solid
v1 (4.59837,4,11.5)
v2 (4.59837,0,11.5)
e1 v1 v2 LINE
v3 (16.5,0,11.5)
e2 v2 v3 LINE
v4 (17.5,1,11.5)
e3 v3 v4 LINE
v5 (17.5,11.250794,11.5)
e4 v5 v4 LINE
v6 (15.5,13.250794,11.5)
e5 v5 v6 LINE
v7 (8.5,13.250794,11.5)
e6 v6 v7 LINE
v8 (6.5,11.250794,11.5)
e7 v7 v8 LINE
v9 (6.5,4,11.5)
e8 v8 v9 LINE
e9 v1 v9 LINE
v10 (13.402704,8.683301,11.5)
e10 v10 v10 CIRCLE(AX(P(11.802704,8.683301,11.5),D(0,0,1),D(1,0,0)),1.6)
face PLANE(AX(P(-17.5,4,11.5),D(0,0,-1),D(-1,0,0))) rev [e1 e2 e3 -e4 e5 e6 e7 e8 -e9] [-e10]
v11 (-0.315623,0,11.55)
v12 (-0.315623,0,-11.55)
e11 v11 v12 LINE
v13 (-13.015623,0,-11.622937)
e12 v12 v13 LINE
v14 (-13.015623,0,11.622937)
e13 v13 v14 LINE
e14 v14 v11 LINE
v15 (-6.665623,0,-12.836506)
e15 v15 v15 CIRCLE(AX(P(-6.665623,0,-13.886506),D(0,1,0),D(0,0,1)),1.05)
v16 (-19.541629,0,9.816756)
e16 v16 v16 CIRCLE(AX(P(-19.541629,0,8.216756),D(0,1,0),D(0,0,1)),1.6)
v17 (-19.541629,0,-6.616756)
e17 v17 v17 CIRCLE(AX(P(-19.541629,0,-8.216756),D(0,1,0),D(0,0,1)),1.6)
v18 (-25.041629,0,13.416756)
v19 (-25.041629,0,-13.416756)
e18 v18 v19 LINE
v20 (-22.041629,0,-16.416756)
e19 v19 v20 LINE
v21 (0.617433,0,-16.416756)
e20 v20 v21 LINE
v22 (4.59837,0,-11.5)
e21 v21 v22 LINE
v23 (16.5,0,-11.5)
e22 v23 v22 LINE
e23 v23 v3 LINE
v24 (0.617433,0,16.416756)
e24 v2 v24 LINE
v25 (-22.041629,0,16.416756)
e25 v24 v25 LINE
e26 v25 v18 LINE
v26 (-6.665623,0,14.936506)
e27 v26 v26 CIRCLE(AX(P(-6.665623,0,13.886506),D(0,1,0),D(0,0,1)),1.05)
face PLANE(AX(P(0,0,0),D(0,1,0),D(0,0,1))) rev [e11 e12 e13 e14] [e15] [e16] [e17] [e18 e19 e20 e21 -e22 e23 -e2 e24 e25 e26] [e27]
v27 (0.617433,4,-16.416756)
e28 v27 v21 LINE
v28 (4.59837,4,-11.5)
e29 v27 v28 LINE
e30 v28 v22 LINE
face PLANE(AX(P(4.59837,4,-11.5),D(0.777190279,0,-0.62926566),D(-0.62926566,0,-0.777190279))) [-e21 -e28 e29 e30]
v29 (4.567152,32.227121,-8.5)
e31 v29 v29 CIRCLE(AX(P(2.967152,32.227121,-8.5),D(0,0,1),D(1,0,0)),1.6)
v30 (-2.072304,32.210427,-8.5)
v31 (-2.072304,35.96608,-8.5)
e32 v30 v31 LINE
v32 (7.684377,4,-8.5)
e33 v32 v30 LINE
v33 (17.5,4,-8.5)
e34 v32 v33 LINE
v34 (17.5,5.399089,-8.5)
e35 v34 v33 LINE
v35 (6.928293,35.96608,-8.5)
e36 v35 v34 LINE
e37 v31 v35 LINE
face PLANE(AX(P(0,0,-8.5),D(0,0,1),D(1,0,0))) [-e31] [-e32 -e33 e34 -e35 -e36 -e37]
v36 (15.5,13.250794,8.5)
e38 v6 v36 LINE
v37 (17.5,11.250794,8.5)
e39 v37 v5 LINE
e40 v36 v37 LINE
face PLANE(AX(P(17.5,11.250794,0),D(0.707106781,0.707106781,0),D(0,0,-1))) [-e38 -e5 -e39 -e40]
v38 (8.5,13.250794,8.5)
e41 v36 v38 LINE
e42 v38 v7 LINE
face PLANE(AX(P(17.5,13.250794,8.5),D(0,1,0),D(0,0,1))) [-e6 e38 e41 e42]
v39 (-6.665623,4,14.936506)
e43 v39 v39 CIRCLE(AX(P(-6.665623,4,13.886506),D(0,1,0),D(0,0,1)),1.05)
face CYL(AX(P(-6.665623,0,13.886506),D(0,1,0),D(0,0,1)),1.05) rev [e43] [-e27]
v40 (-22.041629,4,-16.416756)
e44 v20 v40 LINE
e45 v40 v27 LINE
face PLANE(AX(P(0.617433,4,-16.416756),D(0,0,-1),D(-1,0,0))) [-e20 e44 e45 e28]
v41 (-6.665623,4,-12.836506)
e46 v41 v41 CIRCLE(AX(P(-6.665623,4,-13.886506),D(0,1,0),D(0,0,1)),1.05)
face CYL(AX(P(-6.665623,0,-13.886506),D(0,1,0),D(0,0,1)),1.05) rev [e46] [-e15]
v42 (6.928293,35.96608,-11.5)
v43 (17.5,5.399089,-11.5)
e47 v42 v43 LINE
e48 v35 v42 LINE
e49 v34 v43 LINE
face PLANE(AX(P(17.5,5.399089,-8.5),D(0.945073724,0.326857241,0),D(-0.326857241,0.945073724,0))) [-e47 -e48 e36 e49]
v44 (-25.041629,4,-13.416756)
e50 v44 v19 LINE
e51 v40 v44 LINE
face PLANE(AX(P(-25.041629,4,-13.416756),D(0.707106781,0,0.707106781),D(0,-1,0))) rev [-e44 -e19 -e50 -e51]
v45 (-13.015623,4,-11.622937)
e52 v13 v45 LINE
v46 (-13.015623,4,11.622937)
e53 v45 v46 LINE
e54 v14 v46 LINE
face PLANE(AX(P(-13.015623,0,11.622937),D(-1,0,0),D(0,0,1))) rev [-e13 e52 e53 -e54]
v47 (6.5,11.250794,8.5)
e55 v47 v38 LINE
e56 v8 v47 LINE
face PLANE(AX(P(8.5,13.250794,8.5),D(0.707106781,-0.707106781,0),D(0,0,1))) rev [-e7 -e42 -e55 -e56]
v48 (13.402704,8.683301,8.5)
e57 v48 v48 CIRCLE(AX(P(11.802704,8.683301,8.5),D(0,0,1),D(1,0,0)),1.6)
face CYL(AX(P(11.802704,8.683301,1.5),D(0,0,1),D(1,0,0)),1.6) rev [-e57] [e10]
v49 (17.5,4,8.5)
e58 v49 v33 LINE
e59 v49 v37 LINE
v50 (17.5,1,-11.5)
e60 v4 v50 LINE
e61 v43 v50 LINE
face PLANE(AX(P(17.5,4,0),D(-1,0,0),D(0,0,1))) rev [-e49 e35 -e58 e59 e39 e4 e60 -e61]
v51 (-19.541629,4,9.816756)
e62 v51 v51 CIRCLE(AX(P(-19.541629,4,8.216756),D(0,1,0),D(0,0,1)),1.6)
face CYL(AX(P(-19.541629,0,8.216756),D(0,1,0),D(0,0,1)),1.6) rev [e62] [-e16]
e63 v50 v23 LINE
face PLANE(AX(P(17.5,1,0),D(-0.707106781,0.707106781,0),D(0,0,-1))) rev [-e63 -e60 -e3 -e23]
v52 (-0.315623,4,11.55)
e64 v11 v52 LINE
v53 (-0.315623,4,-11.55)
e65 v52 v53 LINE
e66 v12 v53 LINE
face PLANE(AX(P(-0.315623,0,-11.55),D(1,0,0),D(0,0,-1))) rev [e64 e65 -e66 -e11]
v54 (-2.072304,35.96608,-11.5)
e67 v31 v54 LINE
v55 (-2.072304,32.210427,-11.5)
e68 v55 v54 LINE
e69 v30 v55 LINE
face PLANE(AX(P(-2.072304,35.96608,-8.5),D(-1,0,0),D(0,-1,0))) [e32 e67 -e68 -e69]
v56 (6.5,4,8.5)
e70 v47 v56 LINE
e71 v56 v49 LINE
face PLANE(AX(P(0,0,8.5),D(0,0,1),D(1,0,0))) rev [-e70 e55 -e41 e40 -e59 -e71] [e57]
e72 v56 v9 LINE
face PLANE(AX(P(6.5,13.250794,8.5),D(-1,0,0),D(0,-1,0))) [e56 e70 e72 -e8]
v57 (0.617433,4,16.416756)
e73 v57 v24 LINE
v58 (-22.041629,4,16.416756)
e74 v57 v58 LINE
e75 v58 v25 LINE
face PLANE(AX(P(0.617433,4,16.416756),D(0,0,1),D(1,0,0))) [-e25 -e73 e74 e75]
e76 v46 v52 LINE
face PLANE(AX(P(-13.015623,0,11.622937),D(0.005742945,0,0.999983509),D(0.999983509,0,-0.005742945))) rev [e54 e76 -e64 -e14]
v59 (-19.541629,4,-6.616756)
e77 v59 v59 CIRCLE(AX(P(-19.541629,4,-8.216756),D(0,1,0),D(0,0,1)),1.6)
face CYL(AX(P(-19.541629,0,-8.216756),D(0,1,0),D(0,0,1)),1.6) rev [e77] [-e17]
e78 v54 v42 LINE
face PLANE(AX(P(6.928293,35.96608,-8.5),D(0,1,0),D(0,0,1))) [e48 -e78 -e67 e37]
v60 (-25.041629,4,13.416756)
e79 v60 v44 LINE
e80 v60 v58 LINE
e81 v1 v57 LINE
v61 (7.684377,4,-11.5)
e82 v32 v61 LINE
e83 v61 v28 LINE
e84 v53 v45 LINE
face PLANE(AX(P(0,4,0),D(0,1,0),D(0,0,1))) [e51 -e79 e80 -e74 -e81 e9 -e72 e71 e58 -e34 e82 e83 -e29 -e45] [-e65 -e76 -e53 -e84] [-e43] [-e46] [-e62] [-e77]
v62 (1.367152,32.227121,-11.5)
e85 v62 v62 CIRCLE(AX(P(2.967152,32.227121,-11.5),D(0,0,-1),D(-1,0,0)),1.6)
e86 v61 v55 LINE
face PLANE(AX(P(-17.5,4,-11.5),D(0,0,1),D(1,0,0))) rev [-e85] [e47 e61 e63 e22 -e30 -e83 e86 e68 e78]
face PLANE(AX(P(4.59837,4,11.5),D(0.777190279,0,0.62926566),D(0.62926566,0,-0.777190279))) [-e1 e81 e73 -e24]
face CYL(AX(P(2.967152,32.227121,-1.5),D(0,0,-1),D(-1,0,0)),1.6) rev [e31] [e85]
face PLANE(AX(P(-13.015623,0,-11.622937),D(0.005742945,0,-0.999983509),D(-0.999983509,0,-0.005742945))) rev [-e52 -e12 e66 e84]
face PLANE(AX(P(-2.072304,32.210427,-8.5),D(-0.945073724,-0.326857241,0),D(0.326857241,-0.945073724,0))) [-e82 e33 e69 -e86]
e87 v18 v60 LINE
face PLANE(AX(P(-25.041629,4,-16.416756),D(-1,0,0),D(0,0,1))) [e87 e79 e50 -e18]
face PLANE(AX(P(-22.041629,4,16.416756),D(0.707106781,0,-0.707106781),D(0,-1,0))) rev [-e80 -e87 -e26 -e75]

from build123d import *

# Parameters (mm, degrees)
BOSS_EXTRU_1_DEPTH      = 4
ESQUISSE4_W             = 11
ESQUISSE4_H             = 11
BOSS_EXTRU_2_DEPTH      = 3
BOSS_EXTRU_3_DEPTH      = 3
ESQUISSE6_R             = 1.6
ENL_V_MAT_EXTRU_1_DEPTH = 10
ESQUISSE7_R             = 1.6
ENL_V_MAT_EXTRU_2_DEPTH = 10
BOSS_EXTRU_4_DEPTH      = 4
ESQUISSE10_R            = 1.05
ESQUISSE10_R_2          = 1.6
ENL_V_MAT_EXTRU_3_DEPTH = 4
CHANFREIN1_SIZE         = 1
CHANFREIN2_SIZE         = 3
CHANFREIN3_SIZE         = 2


with BuildPart() as part:
    # Esquisse2 → Boss.-Extru.1 (new body)
    with BuildSketch(Plane(origin=(0, 0, 0), x_dir=(1, 0, 0), z_dir=(0, 1, 0))):
        Polygon((17.5, 0), (17.5, 11.5), (-17.5, 11.5), (-17.5, 0), (-17.5, -11.5), (17.5, -11.5), align=None)
    extrude(amount=BOSS_EXTRU_1_DEPTH)

    # Esquisse4 → Boss.-Extru.2 (add)
    with BuildSketch(Plane.XY.offset(11.5)):
        with Locations((12, 7.750794337)):
            Rectangle(ESQUISSE4_W, ESQUISSE4_H)
    extrude(amount=-BOSS_EXTRU_2_DEPTH)

    # Esquisse5 → Boss.-Extru.3 (add)
    with BuildSketch(Plane(origin=(0, 0, -11.5), x_dir=(-1, 0, 0), z_dir=(0, 0, -1))):
        Polygon((-17.5, 2.494257601), (-17.5, 5.399089221), (-6.928293138, 35.966080358), (2.072303922, 35.966080358), (2.072303922, 32.210427233), (-7.684376604, 4), (-7.684376604, 2.494257601), align=None)
    extrude(amount=-BOSS_EXTRU_3_DEPTH)

    # Esquisse6 → Enlèv. mat.-Extru.1 (cut)
    with BuildSketch(Plane.XY.offset(11.5)):
        with Locations((11.802703711, 8.683300858)):
            Circle(ESQUISSE6_R)
    extrude(amount=-ENL_V_MAT_EXTRU_1_DEPTH, mode=Mode.SUBTRACT)

    # Esquisse7 → Enlèv. mat.-Extru.2 (cut)
    with BuildSketch(Plane(origin=(0, 0, -11.5), x_dir=(-1, 0, 0), z_dir=(0, 0, -1))):
        with Locations((-2.967152129, 32.227121405)):
            Circle(ESQUISSE7_R)
    extrude(amount=-ENL_V_MAT_EXTRU_2_DEPTH, mode=Mode.SUBTRACT)

    # Esquisse8 → Boss.-Extru.4 (add)
    with BuildSketch(Plane.XZ):
        Polygon((4.598369828, -11.5), (0.61743287, -16.416755672), (-25.041628639, -16.416755672), (-25.041628639, 16.416755672), (0.61743287, 16.416755672), (4.598369828, 11.5), align=None)
    extrude(amount=-BOSS_EXTRU_4_DEPTH)

    # Esquisse10 → Enlèv. mat.-Extru.3 (cut)
    with BuildSketch(Plane(origin=(0, 4, 0), x_dir=(1, 0, 0), z_dir=(0, 1, 0))):
        with Locations(Location((-6.665623396, -13.88650623, 0), (0, 0, 270))):
            Circle(ESQUISSE10_R)
        with Locations(Location((-6.665623396, 13.88650623, 0), (0, 0, 270))):
            Circle(ESQUISSE10_R)
        with Locations(Location((-19.541628639, 8.216755672, 0), (0, 0, 270))):
            Circle(ESQUISSE10_R_2)
        with Locations(Location((-19.541628639, -8.216755672, 0), (0, 0, 270))):
            Circle(ESQUISSE10_R_2)
        Polygon((-13.015623396, -11.622936602), (-13.015623396, 11.622936602), (-0.315623396, 11.55), (-0.315623396, -11.55), align=None)
    extrude(amount=-ENL_V_MAT_EXTRU_3_DEPTH, mode=Mode.SUBTRACT)

    # Chanfrein1
    chanfrein1_edges = [part.edges().sort_by_distance(p)[0] for p in [
        (17.5, 0, 0),
    ]]
    chamfer(chanfrein1_edges, length=CHANFREIN1_SIZE)

    # Chanfrein2
    chanfrein2_edges = [part.edges().sort_by_distance(p)[0] for p in [
        (-25.041628639, 2, -16.416755672),
        (-25.041628639, 2, 16.416755672),
    ]]
    chamfer(chanfrein2_edges, length=CHANFREIN2_SIZE)

    # Chanfrein3
    chanfrein3_edges = [part.edges().sort_by_distance(p)[0] for p in [
        (6.5, 13.250794337, 10),
        (17.5, 13.250794337, 10),
    ]]
    chamfer(chanfrein3_edges, length=CHANFREIN3_SIZE)


solid = part.part
